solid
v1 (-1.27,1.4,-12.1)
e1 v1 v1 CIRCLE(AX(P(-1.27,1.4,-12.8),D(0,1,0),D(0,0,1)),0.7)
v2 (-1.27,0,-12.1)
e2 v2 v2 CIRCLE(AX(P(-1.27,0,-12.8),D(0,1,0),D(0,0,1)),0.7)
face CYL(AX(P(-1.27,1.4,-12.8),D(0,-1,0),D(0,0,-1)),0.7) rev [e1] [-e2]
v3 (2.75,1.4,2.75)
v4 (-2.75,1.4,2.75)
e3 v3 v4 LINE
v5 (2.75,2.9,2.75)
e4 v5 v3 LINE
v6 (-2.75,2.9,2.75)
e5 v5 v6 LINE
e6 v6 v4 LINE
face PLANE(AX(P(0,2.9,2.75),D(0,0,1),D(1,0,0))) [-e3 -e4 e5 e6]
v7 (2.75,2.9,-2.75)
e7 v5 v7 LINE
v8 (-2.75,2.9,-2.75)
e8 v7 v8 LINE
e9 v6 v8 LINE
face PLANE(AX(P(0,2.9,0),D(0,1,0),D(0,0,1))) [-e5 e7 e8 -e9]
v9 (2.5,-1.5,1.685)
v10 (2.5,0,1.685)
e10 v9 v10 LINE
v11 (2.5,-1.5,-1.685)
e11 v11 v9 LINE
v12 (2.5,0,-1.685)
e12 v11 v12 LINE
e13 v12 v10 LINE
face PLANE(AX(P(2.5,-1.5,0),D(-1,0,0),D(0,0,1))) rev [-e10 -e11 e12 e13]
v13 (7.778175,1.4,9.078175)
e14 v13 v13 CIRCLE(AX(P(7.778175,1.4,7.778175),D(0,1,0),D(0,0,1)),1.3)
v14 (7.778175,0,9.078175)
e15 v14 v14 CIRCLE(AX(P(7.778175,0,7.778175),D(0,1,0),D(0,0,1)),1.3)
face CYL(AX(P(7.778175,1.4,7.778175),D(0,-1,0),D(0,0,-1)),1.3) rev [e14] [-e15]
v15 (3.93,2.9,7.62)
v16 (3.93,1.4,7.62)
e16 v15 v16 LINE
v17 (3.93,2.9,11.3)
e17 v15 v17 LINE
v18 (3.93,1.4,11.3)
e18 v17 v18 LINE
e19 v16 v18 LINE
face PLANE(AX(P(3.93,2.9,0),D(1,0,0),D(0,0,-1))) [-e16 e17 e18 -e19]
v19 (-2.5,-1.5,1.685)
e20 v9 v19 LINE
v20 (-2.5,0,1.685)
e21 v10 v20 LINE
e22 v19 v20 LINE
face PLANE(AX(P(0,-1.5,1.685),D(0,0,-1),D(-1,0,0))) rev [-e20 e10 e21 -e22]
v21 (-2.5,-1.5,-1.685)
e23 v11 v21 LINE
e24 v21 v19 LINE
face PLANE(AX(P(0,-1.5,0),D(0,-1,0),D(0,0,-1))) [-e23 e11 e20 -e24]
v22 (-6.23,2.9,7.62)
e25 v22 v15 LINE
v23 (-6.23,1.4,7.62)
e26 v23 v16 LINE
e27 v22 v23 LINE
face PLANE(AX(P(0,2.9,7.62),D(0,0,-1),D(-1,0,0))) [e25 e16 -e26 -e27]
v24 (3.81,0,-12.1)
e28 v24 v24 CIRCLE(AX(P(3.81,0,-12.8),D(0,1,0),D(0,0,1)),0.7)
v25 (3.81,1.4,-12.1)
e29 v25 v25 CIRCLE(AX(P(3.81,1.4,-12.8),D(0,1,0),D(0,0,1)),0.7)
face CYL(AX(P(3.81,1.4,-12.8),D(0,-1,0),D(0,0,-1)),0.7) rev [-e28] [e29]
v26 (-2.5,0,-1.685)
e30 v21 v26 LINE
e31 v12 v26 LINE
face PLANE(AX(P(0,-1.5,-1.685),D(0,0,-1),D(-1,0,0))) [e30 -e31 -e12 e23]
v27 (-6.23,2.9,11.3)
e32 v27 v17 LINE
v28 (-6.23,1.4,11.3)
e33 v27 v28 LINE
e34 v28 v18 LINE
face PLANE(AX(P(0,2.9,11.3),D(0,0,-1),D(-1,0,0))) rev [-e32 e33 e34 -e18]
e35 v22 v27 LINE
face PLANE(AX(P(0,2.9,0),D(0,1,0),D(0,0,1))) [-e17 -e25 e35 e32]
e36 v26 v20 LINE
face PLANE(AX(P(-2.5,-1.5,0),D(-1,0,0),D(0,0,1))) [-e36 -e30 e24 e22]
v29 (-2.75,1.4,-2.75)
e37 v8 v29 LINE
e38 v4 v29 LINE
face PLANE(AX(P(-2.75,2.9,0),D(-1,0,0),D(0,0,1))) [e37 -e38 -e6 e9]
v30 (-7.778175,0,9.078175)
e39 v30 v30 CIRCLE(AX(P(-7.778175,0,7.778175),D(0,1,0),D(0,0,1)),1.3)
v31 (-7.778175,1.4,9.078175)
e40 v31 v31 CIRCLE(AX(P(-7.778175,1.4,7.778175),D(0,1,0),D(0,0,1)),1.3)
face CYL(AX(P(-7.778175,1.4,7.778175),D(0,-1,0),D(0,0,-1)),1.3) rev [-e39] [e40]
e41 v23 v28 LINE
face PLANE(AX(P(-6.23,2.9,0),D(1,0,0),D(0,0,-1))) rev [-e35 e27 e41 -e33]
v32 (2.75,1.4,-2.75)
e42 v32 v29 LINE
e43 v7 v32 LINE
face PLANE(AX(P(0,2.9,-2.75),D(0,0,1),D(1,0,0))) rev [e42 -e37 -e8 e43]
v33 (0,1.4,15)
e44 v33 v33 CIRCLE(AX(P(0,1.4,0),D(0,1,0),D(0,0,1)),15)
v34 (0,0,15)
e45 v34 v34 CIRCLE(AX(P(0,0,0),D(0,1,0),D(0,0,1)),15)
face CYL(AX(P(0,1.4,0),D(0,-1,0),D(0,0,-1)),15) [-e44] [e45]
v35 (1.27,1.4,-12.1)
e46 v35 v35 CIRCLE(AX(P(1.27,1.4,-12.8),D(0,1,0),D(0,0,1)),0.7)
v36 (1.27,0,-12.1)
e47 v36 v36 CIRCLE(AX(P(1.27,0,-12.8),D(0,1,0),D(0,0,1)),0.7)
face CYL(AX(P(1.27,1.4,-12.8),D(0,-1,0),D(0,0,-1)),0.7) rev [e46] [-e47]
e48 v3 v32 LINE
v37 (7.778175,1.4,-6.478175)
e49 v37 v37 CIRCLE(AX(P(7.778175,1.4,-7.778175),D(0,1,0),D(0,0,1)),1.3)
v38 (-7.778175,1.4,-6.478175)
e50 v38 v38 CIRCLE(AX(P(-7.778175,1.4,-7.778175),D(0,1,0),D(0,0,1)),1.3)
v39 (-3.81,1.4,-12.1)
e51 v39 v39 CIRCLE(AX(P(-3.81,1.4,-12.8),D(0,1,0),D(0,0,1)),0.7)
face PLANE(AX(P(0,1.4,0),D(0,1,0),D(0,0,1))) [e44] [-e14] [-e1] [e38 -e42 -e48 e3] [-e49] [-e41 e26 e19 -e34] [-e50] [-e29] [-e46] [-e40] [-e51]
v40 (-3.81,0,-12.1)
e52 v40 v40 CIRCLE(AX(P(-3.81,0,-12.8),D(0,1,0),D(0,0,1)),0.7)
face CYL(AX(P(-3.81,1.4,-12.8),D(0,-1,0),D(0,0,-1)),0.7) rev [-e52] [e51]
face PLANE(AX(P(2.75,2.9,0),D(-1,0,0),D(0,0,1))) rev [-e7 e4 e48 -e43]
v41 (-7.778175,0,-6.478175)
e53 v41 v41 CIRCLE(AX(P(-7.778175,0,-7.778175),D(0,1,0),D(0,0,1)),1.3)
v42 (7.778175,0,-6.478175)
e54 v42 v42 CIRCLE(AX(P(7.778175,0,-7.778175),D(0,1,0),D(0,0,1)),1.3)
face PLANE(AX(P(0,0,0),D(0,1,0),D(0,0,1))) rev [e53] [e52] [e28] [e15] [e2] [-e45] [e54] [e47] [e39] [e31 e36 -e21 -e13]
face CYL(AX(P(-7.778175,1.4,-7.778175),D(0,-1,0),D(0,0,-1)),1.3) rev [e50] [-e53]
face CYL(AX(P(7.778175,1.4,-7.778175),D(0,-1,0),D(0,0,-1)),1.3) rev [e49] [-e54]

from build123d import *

# Parameters (mm, degrees)
SKETCH_1_R      = 15
SKETCH_1_R_2    = 1.3
SKETCH_1_R_3    = 0.7
EXTRUDE_2_DEPTH = 1.4
SKETCH_2_W      = 5.5
SKETCH_2_H      = 5.5
SKETCH_2_W_2    = 10.16
SKETCH_2_H_2    = 3.68
EXTRUDE_5_DEPTH = 1.5
SKETCH_3_W      = 5
SKETCH_3_H      = 3.37
EXTRUDE_7_DEPTH = 1.5


with BuildPart() as part:
    # 草图1 → 凸台-拉伸2 (new body)
    with BuildSketch(Plane(origin=(0, 0, 0), x_dir=(1, 0, 0), z_dir=(0, 1, 0))):
        with Locations(Location((0, 0, 0), (0, 0, 270))):
            Circle(SKETCH_1_R)
        with Locations(Location((-7.778174593, 7.778174593, 0), (0, 0, 270))):
            Circle(SKETCH_1_R_2, mode=Mode.SUBTRACT)
        with Locations(Location((7.778174593, 7.778174593, 0), (0, 0, 270))):
            Circle(SKETCH_1_R_2, mode=Mode.SUBTRACT)
        with Locations(Location((7.778174593, -7.778174593, 0), (0, 0, 270))):
            Circle(SKETCH_1_R_2, mode=Mode.SUBTRACT)
        with Locations(Location((-7.778174593, -7.778174593, 0), (0, 0, 270))):
            Circle(SKETCH_1_R_2, mode=Mode.SUBTRACT)
        with Locations(Location((-3.81, 12.8, 0), (0, 0, 270))):
            Circle(SKETCH_1_R_3, mode=Mode.SUBTRACT)
        with Locations(Location((-1.27, 12.8, 0), (0, 0, 270))):
            Circle(SKETCH_1_R_3, mode=Mode.SUBTRACT)
        with Locations(Location((1.27, 12.8, 0), (0, 0, 270))):
            Circle(SKETCH_1_R_3, mode=Mode.SUBTRACT)
        with Locations(Location((3.81, 12.8, 0), (0, 0, 270))):
            Circle(SKETCH_1_R_3, mode=Mode.SUBTRACT)
    extrude(amount=EXTRUDE_2_DEPTH)

    # 草图2 → 凸台-拉伸5 (add)
    with BuildSketch(Plane(origin=(0, 1.4, 0), x_dir=(1, 0, 0), z_dir=(0, 1, 0))):
        Rectangle(SKETCH_2_W, SKETCH_2_H)
        with Locations((-1.15, -9.46)):
            Rectangle(SKETCH_2_W_2, SKETCH_2_H_2)
    extrude(amount=EXTRUDE_5_DEPTH)

    # 草图3 → 凸台-拉伸7 (add)
    with BuildSketch(Plane.XZ):
        Rectangle(SKETCH_3_W, SKETCH_3_H)
    extrude(amount=EXTRUDE_7_DEPTH)


solid = part.part
